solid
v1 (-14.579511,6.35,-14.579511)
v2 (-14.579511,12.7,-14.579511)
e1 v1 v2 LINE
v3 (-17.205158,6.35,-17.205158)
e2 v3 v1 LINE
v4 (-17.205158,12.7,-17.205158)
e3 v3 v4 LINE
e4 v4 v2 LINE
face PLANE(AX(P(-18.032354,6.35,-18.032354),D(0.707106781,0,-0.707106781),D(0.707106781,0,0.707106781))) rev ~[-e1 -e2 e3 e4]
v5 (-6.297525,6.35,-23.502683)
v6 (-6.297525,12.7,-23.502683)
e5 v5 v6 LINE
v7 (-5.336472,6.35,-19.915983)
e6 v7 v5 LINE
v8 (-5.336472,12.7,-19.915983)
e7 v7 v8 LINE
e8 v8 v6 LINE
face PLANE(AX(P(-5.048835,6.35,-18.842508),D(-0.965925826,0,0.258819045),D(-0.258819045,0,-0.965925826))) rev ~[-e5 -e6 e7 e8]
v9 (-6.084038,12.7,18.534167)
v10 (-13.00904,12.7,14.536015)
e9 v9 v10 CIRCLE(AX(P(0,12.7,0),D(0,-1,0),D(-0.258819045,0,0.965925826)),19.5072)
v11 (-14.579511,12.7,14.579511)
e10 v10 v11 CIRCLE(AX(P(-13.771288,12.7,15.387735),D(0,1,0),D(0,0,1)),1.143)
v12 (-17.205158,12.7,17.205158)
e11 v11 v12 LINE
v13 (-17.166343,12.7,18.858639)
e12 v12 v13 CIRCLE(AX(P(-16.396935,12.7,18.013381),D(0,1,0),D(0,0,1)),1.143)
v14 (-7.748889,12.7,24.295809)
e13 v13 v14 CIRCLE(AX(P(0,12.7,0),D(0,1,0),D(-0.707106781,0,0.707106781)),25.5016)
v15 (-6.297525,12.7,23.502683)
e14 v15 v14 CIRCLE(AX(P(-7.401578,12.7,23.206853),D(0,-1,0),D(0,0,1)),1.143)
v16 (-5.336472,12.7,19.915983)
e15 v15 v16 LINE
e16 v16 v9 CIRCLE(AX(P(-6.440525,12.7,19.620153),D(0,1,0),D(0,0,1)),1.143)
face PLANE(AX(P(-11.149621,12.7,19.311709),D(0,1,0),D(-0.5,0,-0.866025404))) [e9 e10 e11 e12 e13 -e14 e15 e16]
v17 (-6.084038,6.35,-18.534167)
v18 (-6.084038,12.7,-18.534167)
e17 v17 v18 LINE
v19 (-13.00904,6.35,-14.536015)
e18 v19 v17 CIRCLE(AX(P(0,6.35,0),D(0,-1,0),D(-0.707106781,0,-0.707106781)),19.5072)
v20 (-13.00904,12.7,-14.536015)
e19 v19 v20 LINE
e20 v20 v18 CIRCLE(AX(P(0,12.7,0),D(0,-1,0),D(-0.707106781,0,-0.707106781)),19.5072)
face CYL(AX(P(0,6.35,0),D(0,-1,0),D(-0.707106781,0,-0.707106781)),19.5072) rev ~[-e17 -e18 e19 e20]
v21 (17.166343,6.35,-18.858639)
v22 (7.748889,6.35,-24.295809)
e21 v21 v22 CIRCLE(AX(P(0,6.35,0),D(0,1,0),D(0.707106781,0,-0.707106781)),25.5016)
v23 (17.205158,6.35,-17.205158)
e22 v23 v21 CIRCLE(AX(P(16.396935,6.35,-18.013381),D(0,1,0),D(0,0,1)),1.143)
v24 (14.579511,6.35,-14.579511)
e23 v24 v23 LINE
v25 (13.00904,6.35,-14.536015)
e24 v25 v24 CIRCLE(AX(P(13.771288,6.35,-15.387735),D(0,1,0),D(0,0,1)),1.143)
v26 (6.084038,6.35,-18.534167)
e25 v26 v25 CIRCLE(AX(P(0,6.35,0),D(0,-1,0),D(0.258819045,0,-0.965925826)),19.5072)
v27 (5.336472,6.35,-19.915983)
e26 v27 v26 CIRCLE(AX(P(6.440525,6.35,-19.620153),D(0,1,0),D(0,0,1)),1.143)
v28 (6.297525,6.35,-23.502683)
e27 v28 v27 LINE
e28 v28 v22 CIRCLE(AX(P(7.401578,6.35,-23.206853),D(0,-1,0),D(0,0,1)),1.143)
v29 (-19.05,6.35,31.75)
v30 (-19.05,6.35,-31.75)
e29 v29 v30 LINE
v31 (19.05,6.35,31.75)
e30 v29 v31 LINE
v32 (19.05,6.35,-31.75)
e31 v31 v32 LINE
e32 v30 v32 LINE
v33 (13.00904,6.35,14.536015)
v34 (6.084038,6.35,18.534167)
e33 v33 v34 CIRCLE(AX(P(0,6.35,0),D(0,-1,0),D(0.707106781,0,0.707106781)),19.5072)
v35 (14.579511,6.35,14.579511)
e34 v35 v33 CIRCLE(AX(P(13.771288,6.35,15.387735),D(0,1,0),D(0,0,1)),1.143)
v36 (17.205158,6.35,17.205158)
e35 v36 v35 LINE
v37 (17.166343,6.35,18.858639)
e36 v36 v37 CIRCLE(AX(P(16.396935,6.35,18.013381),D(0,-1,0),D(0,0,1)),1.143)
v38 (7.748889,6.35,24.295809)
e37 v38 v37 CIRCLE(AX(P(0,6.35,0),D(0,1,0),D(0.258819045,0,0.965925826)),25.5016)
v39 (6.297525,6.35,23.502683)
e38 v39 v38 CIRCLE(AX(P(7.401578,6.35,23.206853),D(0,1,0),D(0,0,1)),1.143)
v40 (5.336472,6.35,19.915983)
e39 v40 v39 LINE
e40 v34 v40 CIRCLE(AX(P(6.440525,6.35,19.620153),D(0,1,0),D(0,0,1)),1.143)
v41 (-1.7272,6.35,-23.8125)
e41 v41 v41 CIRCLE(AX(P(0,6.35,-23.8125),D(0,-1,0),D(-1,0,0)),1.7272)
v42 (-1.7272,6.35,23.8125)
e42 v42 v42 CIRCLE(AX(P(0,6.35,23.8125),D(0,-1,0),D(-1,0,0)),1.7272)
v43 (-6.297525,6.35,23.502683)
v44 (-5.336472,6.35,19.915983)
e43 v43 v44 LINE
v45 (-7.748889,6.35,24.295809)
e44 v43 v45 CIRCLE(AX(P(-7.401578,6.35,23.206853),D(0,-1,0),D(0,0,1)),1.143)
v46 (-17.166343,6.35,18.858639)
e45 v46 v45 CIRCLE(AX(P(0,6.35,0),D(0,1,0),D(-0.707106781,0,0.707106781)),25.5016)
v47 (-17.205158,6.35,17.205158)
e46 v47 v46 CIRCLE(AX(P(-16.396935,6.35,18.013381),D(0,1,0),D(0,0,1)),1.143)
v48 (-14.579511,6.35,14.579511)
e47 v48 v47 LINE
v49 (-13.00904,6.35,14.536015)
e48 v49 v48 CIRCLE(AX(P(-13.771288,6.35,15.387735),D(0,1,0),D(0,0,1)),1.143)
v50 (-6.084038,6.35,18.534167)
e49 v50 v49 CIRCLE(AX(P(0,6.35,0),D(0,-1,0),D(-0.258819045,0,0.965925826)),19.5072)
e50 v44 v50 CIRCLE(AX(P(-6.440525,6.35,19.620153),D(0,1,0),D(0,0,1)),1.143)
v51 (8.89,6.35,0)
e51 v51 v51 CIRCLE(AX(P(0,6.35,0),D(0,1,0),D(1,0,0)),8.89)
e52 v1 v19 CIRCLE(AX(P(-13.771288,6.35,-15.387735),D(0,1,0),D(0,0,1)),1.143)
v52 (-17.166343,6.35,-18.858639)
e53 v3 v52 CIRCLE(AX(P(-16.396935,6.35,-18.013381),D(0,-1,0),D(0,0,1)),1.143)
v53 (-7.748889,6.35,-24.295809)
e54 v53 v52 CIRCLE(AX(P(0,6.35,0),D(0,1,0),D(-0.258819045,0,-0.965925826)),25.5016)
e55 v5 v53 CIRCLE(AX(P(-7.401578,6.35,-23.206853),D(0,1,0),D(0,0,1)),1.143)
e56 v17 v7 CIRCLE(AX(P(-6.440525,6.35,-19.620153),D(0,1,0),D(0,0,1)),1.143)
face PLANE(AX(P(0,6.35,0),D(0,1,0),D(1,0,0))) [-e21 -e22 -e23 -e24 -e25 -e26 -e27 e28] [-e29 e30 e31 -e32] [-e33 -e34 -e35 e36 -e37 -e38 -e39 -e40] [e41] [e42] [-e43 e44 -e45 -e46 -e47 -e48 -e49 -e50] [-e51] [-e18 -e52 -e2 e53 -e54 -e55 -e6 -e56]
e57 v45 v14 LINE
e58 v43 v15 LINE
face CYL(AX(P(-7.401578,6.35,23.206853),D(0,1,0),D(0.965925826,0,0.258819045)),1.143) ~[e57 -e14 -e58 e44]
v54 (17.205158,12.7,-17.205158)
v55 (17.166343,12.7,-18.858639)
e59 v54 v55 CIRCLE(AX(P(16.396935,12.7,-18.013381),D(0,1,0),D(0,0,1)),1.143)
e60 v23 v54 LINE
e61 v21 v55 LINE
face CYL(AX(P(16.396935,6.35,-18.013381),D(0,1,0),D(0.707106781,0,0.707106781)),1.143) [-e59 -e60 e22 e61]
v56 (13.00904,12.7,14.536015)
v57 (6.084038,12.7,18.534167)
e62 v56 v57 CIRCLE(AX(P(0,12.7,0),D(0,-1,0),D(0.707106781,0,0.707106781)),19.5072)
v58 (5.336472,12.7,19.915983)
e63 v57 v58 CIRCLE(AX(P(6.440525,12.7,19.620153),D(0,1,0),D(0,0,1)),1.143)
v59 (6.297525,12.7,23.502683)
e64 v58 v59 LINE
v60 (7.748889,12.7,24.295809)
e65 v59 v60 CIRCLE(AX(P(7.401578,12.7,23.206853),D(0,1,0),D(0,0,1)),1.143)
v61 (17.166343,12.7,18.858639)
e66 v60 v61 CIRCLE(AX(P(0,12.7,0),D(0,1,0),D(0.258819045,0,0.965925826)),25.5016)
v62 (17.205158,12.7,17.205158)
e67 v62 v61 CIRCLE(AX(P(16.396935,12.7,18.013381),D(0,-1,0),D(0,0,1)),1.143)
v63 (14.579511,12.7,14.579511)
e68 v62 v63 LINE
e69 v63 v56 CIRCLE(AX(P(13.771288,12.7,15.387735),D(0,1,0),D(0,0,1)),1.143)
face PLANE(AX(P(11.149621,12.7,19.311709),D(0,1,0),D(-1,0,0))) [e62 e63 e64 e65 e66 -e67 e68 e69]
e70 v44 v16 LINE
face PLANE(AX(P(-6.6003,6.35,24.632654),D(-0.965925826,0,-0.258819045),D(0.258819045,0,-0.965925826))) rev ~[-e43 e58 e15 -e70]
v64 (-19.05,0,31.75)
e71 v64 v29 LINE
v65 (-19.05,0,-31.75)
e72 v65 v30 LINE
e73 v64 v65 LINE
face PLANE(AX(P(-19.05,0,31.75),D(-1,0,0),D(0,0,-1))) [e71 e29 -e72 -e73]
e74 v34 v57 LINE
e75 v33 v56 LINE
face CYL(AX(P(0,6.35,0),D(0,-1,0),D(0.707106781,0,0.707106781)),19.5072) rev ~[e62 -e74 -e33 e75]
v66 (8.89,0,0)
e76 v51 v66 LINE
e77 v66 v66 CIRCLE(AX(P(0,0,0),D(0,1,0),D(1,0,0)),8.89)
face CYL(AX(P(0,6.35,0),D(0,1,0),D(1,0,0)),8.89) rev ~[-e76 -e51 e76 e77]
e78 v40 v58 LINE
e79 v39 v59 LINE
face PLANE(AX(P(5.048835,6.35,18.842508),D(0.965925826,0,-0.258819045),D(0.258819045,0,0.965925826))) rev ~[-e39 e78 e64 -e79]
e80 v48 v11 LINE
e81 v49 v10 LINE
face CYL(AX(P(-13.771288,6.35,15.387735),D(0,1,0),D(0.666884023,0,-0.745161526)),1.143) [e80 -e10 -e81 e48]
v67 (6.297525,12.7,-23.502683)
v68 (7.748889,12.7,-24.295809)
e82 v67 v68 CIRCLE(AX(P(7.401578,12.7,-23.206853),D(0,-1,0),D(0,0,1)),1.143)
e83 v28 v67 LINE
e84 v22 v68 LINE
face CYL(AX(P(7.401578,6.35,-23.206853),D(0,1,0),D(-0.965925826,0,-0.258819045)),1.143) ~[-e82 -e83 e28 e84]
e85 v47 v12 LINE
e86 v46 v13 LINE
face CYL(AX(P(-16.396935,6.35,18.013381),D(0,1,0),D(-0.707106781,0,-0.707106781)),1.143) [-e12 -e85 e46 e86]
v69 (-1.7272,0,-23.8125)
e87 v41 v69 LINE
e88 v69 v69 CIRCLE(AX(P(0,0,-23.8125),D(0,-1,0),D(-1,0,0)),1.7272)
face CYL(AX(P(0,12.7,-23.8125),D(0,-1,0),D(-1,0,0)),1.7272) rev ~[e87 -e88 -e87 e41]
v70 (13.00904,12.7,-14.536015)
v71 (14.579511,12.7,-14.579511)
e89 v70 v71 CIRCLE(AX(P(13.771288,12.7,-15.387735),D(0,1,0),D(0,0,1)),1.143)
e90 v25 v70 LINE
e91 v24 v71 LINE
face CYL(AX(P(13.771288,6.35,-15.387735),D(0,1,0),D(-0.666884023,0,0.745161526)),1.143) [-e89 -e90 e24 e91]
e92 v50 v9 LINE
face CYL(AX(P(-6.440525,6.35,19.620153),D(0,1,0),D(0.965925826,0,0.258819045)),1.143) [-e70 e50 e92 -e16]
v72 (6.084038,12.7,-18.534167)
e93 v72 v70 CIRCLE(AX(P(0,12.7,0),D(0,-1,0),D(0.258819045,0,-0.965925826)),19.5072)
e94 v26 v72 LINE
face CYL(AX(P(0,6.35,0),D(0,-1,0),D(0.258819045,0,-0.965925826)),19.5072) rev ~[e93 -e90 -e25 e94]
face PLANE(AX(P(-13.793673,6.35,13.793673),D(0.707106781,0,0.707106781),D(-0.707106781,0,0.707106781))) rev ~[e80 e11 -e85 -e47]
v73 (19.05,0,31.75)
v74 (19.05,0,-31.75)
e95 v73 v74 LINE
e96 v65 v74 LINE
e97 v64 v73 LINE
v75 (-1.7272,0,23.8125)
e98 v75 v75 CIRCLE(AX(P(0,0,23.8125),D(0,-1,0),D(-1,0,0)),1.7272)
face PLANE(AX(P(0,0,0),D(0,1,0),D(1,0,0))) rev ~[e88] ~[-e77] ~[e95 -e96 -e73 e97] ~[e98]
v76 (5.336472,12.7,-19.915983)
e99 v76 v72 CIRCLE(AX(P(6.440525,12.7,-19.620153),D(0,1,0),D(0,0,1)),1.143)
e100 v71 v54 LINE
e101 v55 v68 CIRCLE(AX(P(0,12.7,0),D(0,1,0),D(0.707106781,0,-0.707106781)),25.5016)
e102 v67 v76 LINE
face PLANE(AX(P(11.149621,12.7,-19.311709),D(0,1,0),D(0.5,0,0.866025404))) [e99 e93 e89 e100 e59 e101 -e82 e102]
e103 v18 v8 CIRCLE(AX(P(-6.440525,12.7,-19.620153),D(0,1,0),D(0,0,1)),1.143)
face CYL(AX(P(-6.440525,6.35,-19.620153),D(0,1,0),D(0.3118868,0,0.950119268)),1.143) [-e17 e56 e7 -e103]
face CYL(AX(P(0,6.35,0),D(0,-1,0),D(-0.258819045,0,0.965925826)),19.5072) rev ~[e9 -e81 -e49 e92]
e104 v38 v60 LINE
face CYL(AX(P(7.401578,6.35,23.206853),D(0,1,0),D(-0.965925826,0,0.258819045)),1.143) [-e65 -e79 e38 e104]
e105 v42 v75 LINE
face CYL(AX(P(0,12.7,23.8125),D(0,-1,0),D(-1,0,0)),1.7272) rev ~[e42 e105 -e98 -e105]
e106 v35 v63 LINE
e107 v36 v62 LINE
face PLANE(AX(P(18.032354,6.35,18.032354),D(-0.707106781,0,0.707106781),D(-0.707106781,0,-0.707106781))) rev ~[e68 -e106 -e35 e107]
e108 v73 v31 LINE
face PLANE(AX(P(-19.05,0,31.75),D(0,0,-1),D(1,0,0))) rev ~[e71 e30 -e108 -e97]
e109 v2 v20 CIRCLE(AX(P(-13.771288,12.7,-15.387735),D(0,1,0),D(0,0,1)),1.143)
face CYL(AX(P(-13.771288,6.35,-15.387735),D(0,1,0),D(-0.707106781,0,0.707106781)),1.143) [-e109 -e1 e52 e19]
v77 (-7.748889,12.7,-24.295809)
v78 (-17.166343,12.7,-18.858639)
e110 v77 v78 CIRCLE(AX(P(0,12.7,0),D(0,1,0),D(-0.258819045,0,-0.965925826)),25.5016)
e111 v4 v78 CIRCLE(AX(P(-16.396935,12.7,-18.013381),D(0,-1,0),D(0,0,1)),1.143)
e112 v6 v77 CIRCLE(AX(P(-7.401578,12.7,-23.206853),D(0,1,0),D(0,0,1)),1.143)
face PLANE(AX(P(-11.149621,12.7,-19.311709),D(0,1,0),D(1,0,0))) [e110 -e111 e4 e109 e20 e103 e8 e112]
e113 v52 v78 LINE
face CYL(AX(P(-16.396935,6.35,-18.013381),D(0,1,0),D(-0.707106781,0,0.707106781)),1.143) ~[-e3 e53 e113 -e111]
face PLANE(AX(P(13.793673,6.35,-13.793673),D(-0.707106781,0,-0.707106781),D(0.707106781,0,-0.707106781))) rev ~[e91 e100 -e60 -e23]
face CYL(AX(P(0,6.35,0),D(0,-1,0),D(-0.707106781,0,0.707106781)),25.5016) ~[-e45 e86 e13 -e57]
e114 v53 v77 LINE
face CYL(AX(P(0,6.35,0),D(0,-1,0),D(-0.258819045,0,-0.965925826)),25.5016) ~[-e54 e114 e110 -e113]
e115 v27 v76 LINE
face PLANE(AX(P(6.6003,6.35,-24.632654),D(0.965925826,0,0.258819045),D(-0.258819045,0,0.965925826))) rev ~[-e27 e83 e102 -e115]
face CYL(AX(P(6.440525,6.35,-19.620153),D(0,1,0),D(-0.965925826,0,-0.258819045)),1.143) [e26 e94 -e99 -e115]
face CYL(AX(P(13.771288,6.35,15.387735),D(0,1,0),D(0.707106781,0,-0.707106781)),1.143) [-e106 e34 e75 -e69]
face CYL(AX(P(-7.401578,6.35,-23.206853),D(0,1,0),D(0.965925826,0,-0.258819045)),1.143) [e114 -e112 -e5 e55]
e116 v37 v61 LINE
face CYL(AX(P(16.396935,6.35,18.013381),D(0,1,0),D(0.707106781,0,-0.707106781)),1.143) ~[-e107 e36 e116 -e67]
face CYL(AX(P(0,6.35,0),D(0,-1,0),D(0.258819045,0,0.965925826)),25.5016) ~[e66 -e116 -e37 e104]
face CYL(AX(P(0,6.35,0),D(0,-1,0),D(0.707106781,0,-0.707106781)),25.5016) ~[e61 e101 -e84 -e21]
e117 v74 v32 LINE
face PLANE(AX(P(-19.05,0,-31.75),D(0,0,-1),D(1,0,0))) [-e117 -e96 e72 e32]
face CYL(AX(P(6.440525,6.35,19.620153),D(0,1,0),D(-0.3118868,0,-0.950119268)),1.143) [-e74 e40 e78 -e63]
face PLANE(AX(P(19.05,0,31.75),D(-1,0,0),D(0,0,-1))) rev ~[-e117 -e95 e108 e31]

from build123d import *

# Parameters (mm, degrees)
SKETCH1_W                 = 38.1
SKETCH1_H                 = 63.5
BOSS_EXTRUDE1_DEPTH       = 6.35
BOSS_EXTRUDE2_DEPTH       = 6.35
FILLET1_R                 = 1.143
CIRPATTERN1_COUNT         = 6
FILLET1_OF_CIRPATTERN1_R  = 1.143
SKETCH3_R                 = 8.89
CUT_EXTRUDE1_DEPTH        = 7.35
F_8_32_TAPPED_HOLE1_D     = 3.4544
F_8_32_TAPPED_HOLE1_DEPTH = 6.35


with BuildPart() as part:
    # Sketch1 → Boss-Extrude1 (new body)
    with BuildSketch(Plane(origin=(0, 0, 0), x_dir=(1, 0, 0), z_dir=(0, 1, 0))):
        Rectangle(SKETCH1_W, SKETCH1_H)
    extrude(amount=BOSS_EXTRUDE1_DEPTH)

    # Sketch2 → Boss-Extrude2 (add)
    with BuildSketch(Plane(origin=(0, 6.35, 0), x_dir=(1, 0, 0), z_dir=(0, 1, 0))):
        with BuildLine():
            Line((-18.032354291, 18.032354291), (-13.793673402, 13.793673402))
            ThreePointArc((-13.793673402, 13.793673402), (-9.7536, 16.893730757), (-5.048834877, 18.842508279))
            Line((-5.048834877, 18.842508279), (-6.600299761, 24.632654052))
            ThreePointArc((-6.600299761, 24.632654052), (-12.7508, 22.085033437), (-18.032354291, 18.032354291))
        make_face()
    boss_extrude2 = extrude(amount=BOSS_EXTRUDE2_DEPTH)

    # Fillet1
    fillet1_edges = [part.edges().sort_by_distance(p)[0] for p in [
        (-6.600299761, 9.525, -24.632654052),
        (-18.032354291, 9.525, -18.032354291),
        (-13.793673402, 9.525, -13.793673402),
        (-5.048834877, 9.525, -18.842508279),
    ]]
    fillet(fillet1_edges, radius=FILLET1_R)

    # CirPattern1: Boss-Extrude2 ×6 about axis, 2 skipped
    cirpattern1_axis = Axis((0, 12.7, 0), (0, 1, 0))
    add([boss_extrude2.rotate(cirpattern1_axis, i * 360 / CIRPATTERN1_COUNT) for i in range(1, CIRPATTERN1_COUNT) if i not in (1, 4)])

    # Fillet1 of CirPattern1
    fillet1_of_cirpattern1_edges = [part.edges().sort_by_distance(p)[0] for p in [
        (-18.032354291, 9.525, 18.032354291),
        (-6.600299761, 9.525, 24.632654052),
        (-5.048834877, 9.525, 18.842508279),
        (-13.793673402, 9.525, 13.793673402),
        (6.600299761, 9.525, 24.632654052),
        (18.032354291, 9.525, 18.032354291),
        (13.793673402, 9.525, 13.793673402),
        (5.048834877, 9.525, 18.842508279),
        (18.032354291, 9.525, -18.032354291),
        (6.600299761, 9.525, -24.632654052),
        (5.048834877, 9.525, -18.842508279),
        (13.793673402, 9.525, -13.793673402),
    ]]
    fillet(fillet1_of_cirpattern1_edges, radius=FILLET1_OF_CIRPATTERN1_R)

    # Sketch3 → Cut-Extrude1 (cut, through all)
    with BuildSketch(Plane(origin=(0, 6.35, 0), x_dir=(1, 0, 0), z_dir=(0, 1, 0))):
        Circle(SKETCH3_R)
    extrude(amount=-CUT_EXTRUDE1_DEPTH, mode=Mode.SUBTRACT)

    # #8-32 Tapped Hole1
    with Locations(Plane(origin=(0, 6.35, 0), x_dir=(1, 0, 0), z_dir=(0, 1, 0))):
        with Locations((0, -23.8125), (0, 23.8125)):
            Hole(F_8_32_TAPPED_HOLE1_D / 2, depth=F_8_32_TAPPED_HOLE1_DEPTH)


solid = part.part
